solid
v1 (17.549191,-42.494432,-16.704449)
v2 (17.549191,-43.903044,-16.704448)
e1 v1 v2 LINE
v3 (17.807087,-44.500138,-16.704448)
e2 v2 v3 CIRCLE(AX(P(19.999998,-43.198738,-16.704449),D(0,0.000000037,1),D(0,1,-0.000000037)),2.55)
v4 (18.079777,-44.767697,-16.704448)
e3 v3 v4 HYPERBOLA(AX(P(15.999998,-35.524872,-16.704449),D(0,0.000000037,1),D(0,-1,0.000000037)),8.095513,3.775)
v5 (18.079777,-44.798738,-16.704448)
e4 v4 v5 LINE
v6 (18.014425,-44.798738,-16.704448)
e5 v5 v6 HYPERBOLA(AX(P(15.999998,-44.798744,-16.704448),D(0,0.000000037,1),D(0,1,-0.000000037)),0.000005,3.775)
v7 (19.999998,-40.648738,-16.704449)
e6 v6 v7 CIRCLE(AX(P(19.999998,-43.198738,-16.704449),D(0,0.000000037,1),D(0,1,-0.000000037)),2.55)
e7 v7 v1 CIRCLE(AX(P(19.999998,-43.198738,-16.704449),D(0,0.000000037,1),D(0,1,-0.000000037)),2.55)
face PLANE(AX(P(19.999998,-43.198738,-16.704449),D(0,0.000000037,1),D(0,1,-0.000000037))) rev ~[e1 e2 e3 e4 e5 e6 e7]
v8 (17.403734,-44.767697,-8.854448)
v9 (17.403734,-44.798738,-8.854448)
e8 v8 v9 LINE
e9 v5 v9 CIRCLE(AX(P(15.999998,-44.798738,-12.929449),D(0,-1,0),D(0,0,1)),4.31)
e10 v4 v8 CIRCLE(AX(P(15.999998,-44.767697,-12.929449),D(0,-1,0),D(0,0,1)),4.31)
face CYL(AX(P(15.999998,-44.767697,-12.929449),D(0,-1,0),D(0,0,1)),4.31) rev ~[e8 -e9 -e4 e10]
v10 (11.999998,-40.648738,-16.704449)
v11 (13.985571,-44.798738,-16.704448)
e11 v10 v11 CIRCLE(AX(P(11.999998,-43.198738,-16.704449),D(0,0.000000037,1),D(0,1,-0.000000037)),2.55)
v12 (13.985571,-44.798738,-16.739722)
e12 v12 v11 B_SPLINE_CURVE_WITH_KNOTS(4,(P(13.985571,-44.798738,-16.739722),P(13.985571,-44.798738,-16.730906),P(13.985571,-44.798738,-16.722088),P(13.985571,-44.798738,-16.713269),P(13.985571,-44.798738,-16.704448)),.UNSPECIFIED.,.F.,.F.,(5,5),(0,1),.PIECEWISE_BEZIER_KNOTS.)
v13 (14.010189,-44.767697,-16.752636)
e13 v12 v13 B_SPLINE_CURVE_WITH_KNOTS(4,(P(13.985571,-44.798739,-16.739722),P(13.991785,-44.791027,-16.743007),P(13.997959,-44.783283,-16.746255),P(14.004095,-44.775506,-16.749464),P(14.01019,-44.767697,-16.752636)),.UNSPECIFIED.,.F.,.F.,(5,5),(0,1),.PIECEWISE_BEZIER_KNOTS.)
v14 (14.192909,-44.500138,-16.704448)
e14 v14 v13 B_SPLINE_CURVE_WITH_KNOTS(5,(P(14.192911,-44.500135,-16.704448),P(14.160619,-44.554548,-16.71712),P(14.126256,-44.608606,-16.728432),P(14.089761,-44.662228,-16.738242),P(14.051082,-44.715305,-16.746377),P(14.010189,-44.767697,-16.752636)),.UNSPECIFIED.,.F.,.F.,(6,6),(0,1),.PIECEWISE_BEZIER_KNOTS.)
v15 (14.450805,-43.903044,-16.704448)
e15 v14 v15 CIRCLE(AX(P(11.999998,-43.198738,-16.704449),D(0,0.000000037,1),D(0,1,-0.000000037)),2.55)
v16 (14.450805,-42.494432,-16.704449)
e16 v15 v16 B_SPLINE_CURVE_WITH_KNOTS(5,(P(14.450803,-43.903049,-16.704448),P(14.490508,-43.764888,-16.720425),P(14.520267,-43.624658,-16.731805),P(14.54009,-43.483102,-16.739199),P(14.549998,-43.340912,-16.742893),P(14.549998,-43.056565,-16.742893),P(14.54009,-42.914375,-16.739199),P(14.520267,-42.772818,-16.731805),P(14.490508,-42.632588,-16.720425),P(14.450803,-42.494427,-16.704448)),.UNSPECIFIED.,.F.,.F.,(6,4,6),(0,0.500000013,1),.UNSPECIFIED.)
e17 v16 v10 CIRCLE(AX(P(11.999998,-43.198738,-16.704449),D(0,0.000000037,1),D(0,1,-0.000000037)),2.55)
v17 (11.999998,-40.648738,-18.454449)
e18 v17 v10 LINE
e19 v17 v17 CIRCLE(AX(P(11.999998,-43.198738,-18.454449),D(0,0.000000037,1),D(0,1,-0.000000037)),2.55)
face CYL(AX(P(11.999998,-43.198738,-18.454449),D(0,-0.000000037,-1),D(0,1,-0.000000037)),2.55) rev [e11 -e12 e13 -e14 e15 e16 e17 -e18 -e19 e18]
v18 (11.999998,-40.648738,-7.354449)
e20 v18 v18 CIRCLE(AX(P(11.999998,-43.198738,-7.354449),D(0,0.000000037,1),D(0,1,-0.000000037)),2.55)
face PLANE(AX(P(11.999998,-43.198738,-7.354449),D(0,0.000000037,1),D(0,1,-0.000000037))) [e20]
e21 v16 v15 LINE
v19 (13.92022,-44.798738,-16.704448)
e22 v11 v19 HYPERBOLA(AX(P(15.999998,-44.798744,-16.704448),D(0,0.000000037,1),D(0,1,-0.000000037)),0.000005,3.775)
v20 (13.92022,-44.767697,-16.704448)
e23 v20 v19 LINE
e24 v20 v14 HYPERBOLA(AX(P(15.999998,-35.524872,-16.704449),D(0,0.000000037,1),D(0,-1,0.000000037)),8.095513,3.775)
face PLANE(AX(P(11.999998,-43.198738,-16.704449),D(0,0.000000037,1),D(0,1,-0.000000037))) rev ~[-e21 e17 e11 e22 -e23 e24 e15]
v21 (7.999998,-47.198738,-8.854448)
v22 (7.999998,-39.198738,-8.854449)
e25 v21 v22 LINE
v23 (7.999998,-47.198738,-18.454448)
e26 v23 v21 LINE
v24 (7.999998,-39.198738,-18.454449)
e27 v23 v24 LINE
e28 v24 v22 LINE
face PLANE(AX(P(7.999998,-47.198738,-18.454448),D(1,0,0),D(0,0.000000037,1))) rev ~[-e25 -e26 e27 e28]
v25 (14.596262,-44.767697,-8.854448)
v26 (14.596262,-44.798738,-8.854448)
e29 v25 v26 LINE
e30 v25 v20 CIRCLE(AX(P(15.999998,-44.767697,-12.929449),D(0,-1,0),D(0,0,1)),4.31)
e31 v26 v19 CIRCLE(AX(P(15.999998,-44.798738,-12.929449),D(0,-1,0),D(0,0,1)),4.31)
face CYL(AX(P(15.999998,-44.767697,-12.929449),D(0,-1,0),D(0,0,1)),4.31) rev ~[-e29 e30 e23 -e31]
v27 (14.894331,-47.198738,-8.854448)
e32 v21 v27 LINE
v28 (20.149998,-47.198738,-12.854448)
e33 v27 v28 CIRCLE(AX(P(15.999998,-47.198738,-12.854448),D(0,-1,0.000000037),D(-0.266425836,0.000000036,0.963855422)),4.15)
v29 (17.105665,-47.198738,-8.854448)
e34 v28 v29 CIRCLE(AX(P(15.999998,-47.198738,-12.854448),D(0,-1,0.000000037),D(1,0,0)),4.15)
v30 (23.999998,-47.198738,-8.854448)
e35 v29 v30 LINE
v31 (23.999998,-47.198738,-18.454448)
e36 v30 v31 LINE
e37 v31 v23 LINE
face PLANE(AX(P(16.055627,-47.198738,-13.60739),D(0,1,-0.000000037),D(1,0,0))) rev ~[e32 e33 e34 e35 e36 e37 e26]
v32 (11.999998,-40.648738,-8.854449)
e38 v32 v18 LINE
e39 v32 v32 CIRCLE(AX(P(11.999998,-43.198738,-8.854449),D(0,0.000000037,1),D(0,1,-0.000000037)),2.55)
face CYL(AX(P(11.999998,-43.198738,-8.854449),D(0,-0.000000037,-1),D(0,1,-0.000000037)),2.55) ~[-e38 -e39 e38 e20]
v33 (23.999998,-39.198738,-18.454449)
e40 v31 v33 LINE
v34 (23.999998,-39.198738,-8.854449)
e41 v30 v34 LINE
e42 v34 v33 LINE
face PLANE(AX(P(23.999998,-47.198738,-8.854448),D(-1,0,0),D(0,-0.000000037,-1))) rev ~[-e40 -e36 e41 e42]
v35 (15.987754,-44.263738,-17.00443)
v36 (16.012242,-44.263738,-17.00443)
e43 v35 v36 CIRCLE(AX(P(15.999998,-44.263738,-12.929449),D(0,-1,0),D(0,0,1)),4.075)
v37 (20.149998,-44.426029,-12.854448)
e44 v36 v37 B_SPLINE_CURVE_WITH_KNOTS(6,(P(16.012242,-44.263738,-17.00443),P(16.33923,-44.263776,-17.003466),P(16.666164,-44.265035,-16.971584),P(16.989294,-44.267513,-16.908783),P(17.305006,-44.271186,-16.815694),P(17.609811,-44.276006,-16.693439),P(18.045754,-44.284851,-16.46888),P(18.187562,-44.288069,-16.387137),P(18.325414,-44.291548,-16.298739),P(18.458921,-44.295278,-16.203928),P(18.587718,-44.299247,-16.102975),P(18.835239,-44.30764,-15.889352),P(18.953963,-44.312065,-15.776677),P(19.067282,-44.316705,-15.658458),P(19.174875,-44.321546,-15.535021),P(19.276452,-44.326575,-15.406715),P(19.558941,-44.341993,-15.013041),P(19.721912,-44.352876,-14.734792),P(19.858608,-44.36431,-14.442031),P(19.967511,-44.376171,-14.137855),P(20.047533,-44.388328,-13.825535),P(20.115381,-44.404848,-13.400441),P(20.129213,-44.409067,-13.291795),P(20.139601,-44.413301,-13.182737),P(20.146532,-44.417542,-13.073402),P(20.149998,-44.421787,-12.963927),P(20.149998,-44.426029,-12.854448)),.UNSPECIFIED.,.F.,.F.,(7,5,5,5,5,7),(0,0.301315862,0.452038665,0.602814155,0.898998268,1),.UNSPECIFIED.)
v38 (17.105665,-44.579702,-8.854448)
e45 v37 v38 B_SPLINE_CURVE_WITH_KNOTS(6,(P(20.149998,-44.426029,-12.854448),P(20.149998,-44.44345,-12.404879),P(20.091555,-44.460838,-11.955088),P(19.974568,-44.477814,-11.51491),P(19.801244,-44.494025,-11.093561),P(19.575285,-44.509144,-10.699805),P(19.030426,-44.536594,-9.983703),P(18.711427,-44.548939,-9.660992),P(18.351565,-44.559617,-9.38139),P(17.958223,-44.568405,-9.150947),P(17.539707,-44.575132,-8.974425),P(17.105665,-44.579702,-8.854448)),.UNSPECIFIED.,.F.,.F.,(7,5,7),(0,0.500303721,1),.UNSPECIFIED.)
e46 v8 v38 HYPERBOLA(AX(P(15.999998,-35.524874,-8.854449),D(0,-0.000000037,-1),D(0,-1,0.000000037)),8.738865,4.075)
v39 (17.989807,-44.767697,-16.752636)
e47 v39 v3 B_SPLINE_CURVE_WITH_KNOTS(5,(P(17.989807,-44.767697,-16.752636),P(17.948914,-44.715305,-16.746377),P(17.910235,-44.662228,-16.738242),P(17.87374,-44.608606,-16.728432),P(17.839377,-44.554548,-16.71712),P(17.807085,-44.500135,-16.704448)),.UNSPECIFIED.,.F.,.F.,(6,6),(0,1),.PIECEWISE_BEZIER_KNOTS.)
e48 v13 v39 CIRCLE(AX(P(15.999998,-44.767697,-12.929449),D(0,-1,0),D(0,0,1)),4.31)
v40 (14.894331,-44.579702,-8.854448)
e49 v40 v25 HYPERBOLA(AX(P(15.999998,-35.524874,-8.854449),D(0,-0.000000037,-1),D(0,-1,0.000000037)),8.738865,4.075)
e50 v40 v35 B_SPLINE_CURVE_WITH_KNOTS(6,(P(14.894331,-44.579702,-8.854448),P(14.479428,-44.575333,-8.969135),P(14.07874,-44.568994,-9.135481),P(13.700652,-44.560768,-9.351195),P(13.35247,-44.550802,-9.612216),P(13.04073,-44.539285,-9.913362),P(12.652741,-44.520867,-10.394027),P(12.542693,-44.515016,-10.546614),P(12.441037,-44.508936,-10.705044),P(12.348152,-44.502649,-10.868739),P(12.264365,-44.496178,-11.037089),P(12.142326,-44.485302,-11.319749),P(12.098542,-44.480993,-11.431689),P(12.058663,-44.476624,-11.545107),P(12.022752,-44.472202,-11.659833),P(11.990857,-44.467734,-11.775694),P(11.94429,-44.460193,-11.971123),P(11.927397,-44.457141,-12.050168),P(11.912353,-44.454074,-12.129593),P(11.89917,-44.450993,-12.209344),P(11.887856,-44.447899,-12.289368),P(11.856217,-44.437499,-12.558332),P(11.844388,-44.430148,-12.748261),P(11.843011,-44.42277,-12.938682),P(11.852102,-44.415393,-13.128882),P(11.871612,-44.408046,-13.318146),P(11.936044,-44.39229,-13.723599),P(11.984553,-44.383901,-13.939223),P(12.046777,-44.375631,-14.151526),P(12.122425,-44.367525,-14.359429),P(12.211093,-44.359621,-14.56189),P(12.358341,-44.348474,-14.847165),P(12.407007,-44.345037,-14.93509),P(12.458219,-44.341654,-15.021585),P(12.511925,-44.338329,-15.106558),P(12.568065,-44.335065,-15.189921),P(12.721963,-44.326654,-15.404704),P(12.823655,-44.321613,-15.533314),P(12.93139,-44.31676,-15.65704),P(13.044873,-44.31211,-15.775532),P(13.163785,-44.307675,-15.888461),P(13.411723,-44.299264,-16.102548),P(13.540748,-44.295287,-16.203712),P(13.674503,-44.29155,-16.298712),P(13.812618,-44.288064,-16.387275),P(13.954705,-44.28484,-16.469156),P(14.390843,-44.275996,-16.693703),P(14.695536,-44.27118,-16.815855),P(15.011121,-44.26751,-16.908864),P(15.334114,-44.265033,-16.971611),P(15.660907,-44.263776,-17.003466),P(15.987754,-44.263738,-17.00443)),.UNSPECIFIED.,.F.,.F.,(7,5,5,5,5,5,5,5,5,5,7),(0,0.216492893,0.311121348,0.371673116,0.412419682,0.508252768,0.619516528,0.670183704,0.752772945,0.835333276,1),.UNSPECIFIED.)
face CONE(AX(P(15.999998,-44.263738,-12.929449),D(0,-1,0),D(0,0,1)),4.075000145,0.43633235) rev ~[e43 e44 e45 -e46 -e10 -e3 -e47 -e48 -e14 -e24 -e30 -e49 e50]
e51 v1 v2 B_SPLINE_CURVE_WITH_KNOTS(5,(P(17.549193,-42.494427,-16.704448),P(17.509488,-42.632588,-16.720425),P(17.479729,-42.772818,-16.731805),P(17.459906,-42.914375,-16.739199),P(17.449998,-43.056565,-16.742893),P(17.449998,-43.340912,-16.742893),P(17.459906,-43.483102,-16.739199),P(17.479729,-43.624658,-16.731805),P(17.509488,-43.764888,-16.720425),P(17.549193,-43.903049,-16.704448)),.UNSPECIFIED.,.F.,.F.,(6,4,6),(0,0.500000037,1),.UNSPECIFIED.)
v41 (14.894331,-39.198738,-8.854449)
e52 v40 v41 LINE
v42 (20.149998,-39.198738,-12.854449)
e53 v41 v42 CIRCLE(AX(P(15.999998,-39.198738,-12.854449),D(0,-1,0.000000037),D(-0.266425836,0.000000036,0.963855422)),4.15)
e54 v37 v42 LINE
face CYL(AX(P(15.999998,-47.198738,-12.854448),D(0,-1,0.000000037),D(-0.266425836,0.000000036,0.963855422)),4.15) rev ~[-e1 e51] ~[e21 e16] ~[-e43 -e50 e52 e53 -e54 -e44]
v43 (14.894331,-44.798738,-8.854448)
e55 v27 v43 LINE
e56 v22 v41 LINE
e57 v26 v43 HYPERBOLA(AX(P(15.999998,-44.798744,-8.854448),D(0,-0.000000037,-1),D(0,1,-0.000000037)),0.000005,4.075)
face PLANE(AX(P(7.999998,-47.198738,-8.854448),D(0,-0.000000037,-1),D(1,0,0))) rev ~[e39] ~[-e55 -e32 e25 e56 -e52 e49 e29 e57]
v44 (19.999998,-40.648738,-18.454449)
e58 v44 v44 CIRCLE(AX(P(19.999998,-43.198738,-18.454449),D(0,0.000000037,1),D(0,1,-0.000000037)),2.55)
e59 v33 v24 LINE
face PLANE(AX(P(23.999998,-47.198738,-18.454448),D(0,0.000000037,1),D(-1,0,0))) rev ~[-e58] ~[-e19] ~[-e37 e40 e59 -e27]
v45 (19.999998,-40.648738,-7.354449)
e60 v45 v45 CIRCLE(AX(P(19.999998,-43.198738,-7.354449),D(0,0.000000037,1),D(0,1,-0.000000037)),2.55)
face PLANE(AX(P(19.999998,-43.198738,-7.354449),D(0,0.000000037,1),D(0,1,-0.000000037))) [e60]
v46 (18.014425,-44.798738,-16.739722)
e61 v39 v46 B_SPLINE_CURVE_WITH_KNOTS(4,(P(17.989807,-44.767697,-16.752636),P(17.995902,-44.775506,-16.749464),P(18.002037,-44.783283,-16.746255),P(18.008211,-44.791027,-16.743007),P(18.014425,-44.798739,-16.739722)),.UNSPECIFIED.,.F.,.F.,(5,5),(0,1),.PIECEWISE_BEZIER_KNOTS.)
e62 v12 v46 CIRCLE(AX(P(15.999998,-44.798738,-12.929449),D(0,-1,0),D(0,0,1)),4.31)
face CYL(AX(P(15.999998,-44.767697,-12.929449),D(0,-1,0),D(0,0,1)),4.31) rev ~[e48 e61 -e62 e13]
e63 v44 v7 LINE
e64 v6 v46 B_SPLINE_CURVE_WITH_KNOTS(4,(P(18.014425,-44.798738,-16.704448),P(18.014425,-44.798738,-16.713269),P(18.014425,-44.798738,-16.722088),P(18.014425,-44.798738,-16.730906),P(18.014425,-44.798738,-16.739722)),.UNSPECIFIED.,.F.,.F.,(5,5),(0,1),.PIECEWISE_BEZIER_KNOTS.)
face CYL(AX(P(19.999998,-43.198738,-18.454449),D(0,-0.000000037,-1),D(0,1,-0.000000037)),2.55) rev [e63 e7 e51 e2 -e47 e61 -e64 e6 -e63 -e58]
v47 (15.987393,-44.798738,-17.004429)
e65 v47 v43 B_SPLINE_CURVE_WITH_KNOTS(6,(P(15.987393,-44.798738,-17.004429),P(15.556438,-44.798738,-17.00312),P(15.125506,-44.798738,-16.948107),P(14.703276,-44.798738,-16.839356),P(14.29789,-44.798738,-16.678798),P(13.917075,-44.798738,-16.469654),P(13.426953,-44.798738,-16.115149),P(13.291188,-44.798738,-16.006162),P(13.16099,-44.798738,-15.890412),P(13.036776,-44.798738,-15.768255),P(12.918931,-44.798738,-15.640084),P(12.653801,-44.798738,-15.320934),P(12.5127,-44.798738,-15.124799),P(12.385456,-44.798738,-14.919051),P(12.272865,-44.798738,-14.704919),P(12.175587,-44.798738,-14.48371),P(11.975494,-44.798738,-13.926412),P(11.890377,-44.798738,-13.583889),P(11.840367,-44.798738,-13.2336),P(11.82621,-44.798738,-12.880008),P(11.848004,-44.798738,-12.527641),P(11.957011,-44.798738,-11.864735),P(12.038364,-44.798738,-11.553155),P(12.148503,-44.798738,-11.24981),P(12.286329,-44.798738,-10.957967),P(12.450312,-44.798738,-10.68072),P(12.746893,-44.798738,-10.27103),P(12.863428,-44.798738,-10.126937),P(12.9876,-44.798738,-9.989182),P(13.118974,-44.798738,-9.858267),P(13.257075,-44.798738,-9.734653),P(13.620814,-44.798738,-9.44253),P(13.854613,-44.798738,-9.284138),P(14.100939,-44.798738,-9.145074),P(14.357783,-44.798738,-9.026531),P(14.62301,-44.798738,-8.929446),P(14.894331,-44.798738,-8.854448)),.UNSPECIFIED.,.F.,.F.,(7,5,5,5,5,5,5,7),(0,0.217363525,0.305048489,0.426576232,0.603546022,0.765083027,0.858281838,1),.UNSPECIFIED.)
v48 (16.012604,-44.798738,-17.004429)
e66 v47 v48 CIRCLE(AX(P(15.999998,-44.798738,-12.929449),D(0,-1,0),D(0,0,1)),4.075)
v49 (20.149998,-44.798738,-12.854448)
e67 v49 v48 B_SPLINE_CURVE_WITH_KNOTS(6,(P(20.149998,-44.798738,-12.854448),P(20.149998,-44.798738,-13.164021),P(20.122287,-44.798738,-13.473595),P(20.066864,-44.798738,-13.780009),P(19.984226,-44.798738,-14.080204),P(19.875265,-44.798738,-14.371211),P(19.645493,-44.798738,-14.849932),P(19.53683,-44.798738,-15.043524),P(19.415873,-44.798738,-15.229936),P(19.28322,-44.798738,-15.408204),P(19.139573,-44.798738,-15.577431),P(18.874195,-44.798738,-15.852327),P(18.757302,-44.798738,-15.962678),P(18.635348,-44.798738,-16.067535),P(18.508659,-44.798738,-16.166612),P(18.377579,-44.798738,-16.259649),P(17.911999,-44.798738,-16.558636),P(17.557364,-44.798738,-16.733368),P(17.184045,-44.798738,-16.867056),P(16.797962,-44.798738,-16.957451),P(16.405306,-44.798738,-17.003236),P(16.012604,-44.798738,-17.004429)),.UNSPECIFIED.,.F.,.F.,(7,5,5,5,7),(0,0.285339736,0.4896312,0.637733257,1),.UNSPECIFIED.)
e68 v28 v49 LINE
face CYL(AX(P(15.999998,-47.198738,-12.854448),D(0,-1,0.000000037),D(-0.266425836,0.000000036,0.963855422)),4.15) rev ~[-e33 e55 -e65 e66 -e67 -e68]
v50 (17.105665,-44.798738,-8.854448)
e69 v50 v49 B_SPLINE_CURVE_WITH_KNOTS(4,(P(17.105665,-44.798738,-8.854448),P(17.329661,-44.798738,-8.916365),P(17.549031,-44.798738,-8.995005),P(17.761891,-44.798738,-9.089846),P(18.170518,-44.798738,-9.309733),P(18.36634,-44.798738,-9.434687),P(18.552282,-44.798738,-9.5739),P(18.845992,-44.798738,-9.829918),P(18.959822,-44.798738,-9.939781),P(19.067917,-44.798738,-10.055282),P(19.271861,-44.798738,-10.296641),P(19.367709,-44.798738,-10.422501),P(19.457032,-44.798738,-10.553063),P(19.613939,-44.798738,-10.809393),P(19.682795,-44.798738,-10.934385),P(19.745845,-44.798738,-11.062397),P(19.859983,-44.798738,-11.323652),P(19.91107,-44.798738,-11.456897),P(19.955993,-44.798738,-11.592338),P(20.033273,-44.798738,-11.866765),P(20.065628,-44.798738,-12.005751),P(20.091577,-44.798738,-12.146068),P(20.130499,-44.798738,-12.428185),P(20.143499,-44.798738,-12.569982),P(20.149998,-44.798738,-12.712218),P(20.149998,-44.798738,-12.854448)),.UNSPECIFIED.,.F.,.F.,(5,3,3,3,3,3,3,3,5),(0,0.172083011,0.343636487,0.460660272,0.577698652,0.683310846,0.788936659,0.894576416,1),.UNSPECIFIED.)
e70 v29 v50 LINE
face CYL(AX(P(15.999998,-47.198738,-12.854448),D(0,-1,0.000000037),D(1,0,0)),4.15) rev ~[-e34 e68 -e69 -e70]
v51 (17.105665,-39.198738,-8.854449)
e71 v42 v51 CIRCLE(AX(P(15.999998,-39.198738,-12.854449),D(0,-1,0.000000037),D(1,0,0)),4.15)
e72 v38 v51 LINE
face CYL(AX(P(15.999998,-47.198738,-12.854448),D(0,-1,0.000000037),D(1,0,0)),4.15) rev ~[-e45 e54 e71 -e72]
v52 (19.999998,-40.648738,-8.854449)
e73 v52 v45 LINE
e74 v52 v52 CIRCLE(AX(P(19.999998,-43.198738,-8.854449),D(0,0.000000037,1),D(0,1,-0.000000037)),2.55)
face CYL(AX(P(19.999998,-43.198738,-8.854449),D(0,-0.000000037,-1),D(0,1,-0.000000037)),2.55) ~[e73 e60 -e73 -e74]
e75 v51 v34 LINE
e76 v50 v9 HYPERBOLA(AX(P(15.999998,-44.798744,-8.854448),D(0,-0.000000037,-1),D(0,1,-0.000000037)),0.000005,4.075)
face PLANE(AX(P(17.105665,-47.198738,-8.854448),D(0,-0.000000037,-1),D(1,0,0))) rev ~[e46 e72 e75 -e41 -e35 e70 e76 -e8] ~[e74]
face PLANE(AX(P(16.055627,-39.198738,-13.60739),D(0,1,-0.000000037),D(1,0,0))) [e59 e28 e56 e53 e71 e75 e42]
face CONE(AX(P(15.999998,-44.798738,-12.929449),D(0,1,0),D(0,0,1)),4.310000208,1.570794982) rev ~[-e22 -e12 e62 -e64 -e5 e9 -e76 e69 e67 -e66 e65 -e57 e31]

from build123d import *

# Parameters (mm, degrees)
BOSS_EXTRUDE1_DEPTH = 8
SKETCH3_R           = 2.55
BOSS_EXTRUDE2_DEPTH = 1.5
CUT_EXTRUDE1_START  = -9.6
SKETCH3_3_R         = 2.55
CUT_EXTRUDE1_DEPTH  = 1.75


with BuildPart() as part:
    # Sketch1 → Boss-Extrude1 (new body)
    with BuildSketch(Plane(origin=(0, -47.198737708, 1.758e-06), x_dir=(1, 0, 0), z_dir=(1.517238059440084e-15, 0.9999999999999994, -3.725290356966477e-08))):
        with BuildLine():
            Line((7.999998093, 18.45445013), (7.999998093, 8.85445013))
            Line((7.999998093, 8.85445013), (14.894330873, 8.85445013))
            ThreePointArc((14.894330873, 8.85445013), (13.486635699, 16.156799215), (20.149998093, 12.85445013))
            ThreePointArc((20.149998093, 12.85445013), (19.302347178, 10.341087736), (17.105665312, 8.85445013))
            Line((17.105665312, 8.85445013), (23.999998093, 8.85445013))
            Line((23.999998093, 8.85445013), (23.999998093, 18.45445013))
            Line((23.999998093, 18.45445013), (7.999998093, 18.45445013))
        make_face()
    extrude(amount=BOSS_EXTRUDE1_DEPTH)

    # Sketch2 → Cut-Revolve1 (revolve, cut)
    with BuildSketch(Plane.ZY.offset(-15.999998093)):
        Polygon((-8.854448524, -44.263738058), (-8.619448462, -44.767697268), (-8.619448461, -44.798738029), (-8.854448524, -44.798738345), align=None)
    revolve(axis=Axis((15.999998093, -46.259040624, -12.929448669), (0, -1, 0)), mode=Mode.SUBTRACT)

    # Sketch3 → Boss-Extrude2 (add)
    with BuildSketch(Plane(origin=(0, -3.3e-07, -8.85445013), x_dir=(1, 0, 0), z_dir=(0, 3.725290356966478e-08, 0.9999999999999994))):
        with Locations(Location((11.999998093, -43.198737708, 0), (0, 0, 90))):
            Circle(SKETCH3_R)
        with Locations(Location((19.999998093, -43.198737708, 0), (0, 0, 90))):
            Circle(SKETCH3_R)
    extrude(amount=BOSS_EXTRUDE2_DEPTH)

    # Sketch3<3> → Cut-Extrude1 (cut)
    with BuildSketch(Plane(origin=(0, -3.3e-07, -8.85445013), x_dir=(1, 0, 0), z_dir=(0, 3.725290356966478e-08, 0.9999999999999994)).offset(CUT_EXTRUDE1_START)):
        with Locations(Location((11.999998093, -43.198737708, 0), (0, 0, 90))):
            Circle(SKETCH3_3_R)
        with Locations(Location((19.999998093, -43.198737708, 0), (0, 0, 90))):
            Circle(SKETCH3_3_R)
    extrude(amount=CUT_EXTRUDE1_DEPTH, mode=Mode.SUBTRACT)


solid = part.part
